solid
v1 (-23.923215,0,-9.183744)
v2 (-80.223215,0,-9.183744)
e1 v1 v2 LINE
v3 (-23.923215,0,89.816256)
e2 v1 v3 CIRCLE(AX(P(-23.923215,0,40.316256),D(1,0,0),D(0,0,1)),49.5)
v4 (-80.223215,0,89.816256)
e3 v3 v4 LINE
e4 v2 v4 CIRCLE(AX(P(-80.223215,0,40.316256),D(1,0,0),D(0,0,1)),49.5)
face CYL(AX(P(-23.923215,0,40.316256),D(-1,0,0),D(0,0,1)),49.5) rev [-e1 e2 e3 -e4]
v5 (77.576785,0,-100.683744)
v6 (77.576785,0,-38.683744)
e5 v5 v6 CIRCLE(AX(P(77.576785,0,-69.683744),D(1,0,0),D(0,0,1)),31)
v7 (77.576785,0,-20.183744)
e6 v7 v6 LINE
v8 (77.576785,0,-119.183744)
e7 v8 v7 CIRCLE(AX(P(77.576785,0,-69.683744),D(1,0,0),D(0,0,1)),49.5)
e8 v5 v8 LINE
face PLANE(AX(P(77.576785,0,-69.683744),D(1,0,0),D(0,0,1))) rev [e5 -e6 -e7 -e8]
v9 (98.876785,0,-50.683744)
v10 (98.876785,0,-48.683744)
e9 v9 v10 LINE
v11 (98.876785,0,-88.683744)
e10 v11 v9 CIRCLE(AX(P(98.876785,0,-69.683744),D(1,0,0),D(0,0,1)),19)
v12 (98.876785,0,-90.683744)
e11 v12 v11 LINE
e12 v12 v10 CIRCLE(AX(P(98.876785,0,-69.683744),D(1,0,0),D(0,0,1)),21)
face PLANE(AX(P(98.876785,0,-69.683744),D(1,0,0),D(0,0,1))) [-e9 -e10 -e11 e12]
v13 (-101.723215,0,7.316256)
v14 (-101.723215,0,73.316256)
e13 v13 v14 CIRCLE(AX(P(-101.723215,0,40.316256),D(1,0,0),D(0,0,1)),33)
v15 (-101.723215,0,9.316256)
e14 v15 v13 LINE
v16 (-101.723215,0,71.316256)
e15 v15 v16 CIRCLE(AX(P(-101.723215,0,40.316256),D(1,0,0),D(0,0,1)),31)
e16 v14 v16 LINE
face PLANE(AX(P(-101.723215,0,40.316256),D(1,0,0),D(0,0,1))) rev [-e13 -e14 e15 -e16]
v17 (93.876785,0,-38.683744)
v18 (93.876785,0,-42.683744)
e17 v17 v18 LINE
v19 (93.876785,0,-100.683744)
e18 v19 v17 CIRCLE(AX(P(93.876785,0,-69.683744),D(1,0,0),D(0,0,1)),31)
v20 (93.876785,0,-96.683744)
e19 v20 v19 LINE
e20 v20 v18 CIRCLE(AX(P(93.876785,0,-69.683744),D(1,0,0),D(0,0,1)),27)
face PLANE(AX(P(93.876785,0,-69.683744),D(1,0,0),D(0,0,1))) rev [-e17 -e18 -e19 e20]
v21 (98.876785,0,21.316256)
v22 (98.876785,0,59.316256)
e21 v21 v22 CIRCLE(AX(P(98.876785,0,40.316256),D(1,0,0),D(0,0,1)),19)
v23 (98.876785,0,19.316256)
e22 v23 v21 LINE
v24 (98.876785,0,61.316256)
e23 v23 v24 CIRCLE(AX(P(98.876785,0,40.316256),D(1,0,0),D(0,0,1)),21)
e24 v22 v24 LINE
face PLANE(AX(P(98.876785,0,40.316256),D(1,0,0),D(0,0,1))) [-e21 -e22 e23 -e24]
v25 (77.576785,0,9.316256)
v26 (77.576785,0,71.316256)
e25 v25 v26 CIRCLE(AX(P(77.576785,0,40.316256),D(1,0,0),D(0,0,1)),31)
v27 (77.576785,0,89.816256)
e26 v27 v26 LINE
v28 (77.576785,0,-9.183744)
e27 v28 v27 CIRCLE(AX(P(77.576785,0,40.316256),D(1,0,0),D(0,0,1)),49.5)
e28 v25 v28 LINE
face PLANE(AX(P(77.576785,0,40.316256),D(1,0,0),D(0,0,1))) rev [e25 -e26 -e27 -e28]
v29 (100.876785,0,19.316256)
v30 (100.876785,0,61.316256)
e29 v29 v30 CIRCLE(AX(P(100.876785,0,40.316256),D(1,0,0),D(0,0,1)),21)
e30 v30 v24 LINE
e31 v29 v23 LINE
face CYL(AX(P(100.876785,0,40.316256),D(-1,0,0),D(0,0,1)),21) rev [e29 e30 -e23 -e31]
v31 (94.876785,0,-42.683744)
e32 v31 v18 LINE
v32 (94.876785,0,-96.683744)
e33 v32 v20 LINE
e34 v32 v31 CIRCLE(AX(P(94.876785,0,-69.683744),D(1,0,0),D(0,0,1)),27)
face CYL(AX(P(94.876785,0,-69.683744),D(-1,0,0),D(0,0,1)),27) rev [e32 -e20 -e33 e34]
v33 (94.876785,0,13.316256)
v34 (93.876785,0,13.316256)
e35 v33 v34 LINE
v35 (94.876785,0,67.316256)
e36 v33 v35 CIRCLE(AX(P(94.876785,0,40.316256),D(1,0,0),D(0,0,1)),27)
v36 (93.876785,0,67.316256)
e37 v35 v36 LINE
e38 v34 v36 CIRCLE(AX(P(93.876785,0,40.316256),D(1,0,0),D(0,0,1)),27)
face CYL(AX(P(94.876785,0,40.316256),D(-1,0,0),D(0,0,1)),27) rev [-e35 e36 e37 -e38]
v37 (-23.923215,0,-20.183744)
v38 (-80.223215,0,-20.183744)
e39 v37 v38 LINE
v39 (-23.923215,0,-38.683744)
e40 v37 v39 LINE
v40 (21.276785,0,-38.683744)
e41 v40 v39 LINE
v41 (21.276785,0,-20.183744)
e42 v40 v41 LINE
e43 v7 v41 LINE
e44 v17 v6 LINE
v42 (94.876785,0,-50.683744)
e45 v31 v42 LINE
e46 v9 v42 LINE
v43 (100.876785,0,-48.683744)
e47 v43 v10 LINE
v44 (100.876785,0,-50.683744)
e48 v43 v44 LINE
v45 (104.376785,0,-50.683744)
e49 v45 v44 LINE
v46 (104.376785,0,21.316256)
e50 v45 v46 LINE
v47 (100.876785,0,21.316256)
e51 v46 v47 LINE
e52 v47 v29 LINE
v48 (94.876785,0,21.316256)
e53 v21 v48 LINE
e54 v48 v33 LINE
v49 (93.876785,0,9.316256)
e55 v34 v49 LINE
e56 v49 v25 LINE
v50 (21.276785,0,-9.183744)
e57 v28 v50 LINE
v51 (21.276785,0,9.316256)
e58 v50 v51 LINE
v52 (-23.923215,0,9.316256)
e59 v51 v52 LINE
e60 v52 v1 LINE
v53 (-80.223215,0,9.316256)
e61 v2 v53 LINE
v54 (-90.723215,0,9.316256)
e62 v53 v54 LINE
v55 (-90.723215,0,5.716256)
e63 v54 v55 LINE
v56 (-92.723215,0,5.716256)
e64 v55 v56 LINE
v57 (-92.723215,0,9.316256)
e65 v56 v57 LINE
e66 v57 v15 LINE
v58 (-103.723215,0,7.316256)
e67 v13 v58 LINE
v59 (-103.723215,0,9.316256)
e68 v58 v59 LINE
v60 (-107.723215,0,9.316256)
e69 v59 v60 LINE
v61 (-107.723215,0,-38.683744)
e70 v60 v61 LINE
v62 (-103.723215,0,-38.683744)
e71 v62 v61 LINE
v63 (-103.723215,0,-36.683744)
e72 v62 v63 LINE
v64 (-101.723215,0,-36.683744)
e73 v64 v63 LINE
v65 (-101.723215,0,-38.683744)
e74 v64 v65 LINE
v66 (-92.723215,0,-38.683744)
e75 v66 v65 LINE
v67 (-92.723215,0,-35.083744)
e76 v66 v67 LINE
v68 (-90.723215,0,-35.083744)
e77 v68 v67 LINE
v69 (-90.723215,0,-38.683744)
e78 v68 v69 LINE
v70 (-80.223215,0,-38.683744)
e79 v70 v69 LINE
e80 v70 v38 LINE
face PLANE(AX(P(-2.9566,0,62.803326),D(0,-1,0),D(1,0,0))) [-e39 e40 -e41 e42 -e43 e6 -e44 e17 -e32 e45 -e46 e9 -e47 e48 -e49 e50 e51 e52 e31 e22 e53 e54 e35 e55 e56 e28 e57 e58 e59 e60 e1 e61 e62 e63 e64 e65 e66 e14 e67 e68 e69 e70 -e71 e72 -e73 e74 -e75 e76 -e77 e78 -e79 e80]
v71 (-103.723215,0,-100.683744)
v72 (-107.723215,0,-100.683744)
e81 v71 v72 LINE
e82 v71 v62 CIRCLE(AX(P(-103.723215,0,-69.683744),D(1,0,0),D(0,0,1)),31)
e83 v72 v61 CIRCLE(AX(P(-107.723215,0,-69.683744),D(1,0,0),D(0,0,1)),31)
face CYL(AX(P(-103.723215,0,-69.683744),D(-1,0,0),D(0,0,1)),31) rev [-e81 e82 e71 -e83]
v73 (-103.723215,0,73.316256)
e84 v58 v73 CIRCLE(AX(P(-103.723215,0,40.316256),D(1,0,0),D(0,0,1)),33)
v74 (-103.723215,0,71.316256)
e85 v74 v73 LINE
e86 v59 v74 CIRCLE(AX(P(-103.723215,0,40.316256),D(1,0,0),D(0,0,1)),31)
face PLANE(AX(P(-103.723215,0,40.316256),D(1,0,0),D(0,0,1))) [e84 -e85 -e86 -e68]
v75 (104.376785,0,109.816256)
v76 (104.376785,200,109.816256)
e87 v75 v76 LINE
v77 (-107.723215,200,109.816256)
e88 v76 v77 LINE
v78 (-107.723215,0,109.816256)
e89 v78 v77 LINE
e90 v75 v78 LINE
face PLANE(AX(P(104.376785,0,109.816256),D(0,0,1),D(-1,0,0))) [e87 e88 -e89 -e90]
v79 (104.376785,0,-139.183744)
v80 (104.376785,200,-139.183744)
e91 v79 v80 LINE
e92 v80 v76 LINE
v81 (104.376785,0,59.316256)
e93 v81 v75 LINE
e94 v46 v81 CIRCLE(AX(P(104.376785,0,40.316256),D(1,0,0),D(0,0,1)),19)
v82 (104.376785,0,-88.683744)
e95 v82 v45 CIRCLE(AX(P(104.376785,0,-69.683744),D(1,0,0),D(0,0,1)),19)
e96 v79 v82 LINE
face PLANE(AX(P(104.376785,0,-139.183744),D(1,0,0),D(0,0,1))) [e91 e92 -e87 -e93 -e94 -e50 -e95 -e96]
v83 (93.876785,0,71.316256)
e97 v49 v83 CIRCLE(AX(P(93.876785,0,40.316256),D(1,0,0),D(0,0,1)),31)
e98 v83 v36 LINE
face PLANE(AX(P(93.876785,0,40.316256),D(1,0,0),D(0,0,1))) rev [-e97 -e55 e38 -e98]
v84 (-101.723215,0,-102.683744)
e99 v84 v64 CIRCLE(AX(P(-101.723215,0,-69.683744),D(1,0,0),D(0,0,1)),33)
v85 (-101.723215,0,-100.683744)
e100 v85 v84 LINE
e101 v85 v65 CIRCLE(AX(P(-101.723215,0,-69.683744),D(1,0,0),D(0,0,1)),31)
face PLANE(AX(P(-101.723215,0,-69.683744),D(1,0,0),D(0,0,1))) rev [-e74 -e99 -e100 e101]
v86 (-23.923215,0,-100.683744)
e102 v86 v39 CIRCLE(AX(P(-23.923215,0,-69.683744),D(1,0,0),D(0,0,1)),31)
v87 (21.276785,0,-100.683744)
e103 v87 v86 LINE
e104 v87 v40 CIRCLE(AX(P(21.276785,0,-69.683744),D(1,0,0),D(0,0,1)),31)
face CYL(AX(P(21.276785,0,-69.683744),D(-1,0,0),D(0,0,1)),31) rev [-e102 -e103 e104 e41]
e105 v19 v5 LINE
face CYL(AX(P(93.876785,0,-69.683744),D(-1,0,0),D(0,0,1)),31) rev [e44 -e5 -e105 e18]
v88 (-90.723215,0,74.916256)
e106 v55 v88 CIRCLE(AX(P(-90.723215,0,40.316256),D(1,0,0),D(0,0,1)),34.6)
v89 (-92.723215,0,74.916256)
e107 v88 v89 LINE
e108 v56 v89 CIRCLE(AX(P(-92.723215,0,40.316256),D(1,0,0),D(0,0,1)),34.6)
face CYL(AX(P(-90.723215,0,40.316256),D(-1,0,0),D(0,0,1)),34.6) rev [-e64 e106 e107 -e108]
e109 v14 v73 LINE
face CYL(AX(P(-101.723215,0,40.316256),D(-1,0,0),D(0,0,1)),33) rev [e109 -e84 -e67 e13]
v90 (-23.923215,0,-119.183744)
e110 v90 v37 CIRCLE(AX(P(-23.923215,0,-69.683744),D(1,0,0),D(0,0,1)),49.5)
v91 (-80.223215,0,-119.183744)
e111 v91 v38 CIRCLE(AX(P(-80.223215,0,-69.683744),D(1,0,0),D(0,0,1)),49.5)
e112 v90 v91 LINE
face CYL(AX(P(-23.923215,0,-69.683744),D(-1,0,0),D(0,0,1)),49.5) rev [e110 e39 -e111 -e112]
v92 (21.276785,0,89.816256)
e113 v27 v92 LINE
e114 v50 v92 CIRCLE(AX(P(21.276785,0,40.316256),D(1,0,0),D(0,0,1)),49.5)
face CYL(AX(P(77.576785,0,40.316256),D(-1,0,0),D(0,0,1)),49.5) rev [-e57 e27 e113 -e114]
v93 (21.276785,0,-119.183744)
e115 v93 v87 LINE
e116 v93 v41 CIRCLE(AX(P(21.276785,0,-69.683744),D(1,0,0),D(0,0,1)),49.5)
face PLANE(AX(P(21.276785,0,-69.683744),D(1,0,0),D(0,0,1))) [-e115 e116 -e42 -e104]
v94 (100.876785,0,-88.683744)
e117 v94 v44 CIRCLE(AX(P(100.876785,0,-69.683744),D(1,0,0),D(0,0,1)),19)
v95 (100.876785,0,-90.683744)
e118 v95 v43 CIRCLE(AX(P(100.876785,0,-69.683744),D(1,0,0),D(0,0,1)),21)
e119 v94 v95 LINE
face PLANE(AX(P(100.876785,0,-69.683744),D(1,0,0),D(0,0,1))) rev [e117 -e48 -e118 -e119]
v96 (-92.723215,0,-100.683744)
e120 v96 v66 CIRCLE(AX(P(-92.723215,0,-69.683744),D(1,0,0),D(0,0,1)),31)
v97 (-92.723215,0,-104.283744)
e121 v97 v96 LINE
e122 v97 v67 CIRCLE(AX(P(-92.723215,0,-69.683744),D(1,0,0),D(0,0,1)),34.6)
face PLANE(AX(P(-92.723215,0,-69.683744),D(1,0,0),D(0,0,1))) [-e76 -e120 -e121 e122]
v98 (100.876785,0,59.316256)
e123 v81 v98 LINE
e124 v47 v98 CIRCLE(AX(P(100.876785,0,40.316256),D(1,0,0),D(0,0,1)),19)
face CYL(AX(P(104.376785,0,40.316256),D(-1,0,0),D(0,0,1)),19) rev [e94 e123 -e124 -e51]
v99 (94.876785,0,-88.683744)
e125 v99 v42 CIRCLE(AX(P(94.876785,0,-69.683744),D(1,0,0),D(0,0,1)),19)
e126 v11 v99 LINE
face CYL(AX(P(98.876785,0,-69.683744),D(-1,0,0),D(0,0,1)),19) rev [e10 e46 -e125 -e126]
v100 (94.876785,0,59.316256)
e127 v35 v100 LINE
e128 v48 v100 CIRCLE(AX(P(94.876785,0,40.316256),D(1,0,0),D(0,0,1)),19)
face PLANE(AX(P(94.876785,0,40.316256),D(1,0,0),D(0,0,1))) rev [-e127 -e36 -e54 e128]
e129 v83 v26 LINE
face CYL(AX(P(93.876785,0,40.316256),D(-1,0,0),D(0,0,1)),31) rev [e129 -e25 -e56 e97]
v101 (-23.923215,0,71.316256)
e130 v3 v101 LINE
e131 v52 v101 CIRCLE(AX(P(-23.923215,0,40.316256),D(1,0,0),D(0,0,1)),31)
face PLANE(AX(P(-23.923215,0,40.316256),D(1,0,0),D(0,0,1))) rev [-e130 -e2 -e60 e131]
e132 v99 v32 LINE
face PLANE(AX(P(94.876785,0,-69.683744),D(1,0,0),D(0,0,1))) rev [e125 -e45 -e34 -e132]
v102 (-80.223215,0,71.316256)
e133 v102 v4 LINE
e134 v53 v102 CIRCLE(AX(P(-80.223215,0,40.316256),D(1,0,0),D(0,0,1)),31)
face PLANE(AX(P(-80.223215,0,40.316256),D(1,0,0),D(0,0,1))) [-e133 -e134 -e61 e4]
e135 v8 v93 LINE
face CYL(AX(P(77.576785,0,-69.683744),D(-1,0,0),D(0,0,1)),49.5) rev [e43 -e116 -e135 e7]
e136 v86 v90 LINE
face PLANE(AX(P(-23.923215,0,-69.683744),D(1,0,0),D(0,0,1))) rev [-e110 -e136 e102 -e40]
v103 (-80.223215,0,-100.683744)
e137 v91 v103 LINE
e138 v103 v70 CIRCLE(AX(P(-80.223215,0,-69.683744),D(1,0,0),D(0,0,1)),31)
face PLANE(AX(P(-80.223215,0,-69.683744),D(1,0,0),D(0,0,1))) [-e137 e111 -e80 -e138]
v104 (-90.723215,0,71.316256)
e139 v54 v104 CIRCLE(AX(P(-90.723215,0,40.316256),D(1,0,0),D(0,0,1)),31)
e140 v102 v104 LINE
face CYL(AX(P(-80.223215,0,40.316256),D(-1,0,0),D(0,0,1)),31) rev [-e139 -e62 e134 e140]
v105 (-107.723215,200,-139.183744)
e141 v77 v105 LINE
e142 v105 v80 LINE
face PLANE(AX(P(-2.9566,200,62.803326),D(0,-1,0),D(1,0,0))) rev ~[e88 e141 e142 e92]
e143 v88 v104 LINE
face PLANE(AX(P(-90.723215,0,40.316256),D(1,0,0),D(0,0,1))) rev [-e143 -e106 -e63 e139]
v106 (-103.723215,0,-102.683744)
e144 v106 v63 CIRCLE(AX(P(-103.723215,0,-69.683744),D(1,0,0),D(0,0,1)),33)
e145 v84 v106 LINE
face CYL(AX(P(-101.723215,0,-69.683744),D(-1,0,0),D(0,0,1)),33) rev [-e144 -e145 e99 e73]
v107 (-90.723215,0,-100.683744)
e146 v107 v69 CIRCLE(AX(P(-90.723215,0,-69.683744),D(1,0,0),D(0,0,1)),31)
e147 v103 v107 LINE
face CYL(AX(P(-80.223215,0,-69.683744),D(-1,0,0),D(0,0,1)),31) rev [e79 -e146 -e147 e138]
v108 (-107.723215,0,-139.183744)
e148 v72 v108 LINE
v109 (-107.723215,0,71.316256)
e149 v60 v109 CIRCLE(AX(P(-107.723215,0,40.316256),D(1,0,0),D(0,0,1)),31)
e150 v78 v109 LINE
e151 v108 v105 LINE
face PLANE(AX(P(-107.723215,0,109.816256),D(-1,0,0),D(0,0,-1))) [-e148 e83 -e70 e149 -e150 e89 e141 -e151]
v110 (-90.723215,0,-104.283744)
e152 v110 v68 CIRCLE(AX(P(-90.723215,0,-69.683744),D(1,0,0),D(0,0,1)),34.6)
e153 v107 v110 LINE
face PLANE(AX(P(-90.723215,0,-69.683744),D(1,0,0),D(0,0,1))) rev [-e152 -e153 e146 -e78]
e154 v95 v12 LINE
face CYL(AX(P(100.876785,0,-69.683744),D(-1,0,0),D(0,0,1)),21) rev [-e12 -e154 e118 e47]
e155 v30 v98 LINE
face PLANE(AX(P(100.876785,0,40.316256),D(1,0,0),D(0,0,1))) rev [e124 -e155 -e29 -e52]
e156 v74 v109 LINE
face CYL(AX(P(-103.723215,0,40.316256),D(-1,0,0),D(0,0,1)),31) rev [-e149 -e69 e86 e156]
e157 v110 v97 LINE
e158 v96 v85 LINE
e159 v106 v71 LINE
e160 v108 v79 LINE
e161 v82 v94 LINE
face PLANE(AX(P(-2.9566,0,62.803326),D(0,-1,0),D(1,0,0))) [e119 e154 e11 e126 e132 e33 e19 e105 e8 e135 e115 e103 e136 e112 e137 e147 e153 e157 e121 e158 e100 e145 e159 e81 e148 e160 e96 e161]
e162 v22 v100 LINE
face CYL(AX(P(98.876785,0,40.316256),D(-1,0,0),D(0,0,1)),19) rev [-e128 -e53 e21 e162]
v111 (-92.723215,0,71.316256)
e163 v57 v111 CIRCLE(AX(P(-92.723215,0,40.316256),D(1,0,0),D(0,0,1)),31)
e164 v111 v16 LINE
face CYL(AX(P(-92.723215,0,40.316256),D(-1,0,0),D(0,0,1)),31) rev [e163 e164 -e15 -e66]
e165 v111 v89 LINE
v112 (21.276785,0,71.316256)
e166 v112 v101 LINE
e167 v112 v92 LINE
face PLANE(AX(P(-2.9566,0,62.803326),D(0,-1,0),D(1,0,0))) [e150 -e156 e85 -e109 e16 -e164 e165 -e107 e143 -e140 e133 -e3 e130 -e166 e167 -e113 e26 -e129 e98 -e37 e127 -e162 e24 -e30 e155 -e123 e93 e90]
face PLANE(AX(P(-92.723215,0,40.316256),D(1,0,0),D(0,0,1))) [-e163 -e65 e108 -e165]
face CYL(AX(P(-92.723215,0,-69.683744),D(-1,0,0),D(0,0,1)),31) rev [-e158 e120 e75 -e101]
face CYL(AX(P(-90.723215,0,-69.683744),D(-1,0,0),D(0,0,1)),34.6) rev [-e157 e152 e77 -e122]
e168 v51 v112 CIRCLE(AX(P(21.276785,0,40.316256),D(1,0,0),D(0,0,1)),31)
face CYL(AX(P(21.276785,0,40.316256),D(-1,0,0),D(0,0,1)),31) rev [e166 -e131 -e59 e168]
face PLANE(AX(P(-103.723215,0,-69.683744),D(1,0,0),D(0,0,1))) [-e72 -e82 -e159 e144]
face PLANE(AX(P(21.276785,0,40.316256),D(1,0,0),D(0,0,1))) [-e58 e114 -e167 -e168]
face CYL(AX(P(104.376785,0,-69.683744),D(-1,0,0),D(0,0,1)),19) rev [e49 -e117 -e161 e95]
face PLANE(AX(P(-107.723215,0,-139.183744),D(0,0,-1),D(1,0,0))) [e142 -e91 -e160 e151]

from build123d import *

# Parameters (mm, degrees)
F1_DEPTH = 200


with BuildPart() as f1:
    # F0 (on Front) → F1 (new body)
    with BuildSketch(Plane.XZ):
        Polygon((-107.723215, 71.316256), (-107.723215, 40.316256), (104.376785, 40.316256), (104.376785, 59.316256), (100.876785, 59.316256), (100.876785, 61.316256), (98.876785, 61.316256), (98.876785, 59.316256), (94.876785, 59.316256), (94.876785, 67.316256), (93.876785, 67.316256), (93.876785, 71.316256), (77.576785, 71.316256), (77.576785, 89.816256), (21.276785, 89.816256), (21.276785, 71.316256), (-23.923215, 71.316256), (-23.923215, 89.816256), (-80.223215, 89.816256), (-80.223215, 71.316256), (-90.723215, 71.316256), (-90.723215, 74.916256), (-92.723215, 74.916256), (-92.723215, 71.316256), (-101.723215, 71.316256), (-101.723215, 73.316256), (-103.723215, 73.316256), (-103.723215, 71.316256), align=None)
        Polygon((-107.723215, 109.816256), (-107.723215, 71.316256), (-103.723215, 71.316256), (-103.723215, 73.316256), (-101.723215, 73.316256), (-101.723215, 71.316256), (-92.723215, 71.316256), (-92.723215, 74.916256), (-90.723215, 74.916256), (-90.723215, 71.316256), (-80.223215, 71.316256), (-80.223215, 89.816256), (-23.923215, 89.816256), (-23.923215, 71.316256), (21.276785, 71.316256), (21.276785, 89.816256), (77.576785, 89.816256), (77.576785, 71.316256), (93.876785, 71.316256), (93.876785, 67.316256), (94.876785, 67.316256), (94.876785, 59.316256), (98.876785, 59.316256), (98.876785, 61.316256), (100.876785, 61.316256), (100.876785, 59.316256), (104.376785, 59.316256), (104.376785, 109.816256), align=None)
        Polygon((-107.723215, 40.316256), (-107.723215, 9.316256), (-103.723215, 9.316256), (-103.723215, 7.316256), (-101.723215, 7.316256), (-101.723215, 9.316256), (-92.723215, 9.316256), (-92.723215, 5.716256), (-90.723215, 5.716256), (-90.723215, 9.316256), (-80.223215, 9.316256), (-80.223215, -9.183744), (-23.923215, -9.183744), (-23.923215, 9.316256), (21.276785, 9.316256), (21.276785, -9.183744), (77.576785, -9.183744), (77.576785, 9.316256), (93.876785, 9.316256), (93.876785, 13.316256), (94.876785, 13.316256), (94.876785, 21.316256), (98.876785, 21.316256), (98.876785, 19.316256), (100.876785, 19.316256), (100.876785, 21.316256), (104.376785, 21.316256), (104.376785, 40.316256), align=None)
        Polygon((-107.723215, 9.316256), (-107.723215, -38.683744), (-103.723215, -38.683744), (-103.723215, -36.683744), (-101.723215, -36.683744), (-101.723215, -38.683744), (-92.723215, -38.683744), (-92.723215, -35.083744), (-90.723215, -35.083744), (-90.723215, -38.683744), (-80.223215, -38.683744), (-80.223215, -20.183744), (-23.923215, -20.183744), (-23.923215, -38.683744), (21.276785, -38.683744), (21.276785, -20.183744), (77.576785, -20.183744), (77.576785, -38.683744), (93.876785, -38.683744), (93.876785, -42.683744), (94.876785, -42.683744), (94.876785, -50.683744), (98.876785, -50.683744), (98.876785, -48.683744), (100.876785, -48.683744), (100.876785, -50.683744), (104.376785, -50.683744), (104.376785, 21.316256), (100.876785, 21.316256), (100.876785, 19.316256), (98.876785, 19.316256), (98.876785, 21.316256), (94.876785, 21.316256), (94.876785, 13.316256), (93.876785, 13.316256), (93.876785, 9.316256), (77.576785, 9.316256), (77.576785, -9.183744), (21.276785, -9.183744), (21.276785, 9.316256), (-23.923215, 9.316256), (-23.923215, -9.183744), (-80.223215, -9.183744), (-80.223215, 9.316256), (-90.723215, 9.316256), (-90.723215, 5.716256), (-92.723215, 5.716256), (-92.723215, 9.316256), (-101.723215, 9.316256), (-101.723215, 7.316256), (-103.723215, 7.316256), (-103.723215, 9.316256), align=None)
        Polygon((-103.723215, -38.683744), (-107.723215, -38.683744), (-107.723215, -69.683744), (104.376785, -69.683744), (104.376785, -50.683744), (100.876785, -50.683744), (100.876785, -48.683744), (98.876785, -48.683744), (98.876785, -50.683744), (94.876785, -50.683744), (94.876785, -42.683744), (93.876785, -42.683744), (93.876785, -38.683744), (77.576785, -38.683744), (77.576785, -20.183744), (21.276785, -20.183744), (21.276785, -38.683744), (-23.923215, -38.683744), (-23.923215, -20.183744), (-80.223215, -20.183744), (-80.223215, -38.683744), (-90.723215, -38.683744), (-90.723215, -35.083744), (-92.723215, -35.083744), (-92.723215, -38.683744), (-101.723215, -38.683744), (-101.723215, -36.683744), (-103.723215, -36.683744), align=None)
        Polygon((104.376785, -69.683744), (-107.723215, -69.683744), (-107.723215, -100.683744), (-103.723215, -100.683744), (-103.723215, -102.683744), (-101.723215, -102.683744), (-101.723215, -100.683744), (-92.723215, -100.683744), (-92.723215, -104.283744), (-90.723215, -104.283744), (-90.723215, -100.683744), (-80.223215, -100.683744), (-80.223215, -119.183744), (-23.923215, -119.183744), (-23.923215, -100.683744), (21.276785, -100.683744), (21.276785, -119.183744), (77.576785, -119.183744), (77.576785, -100.683744), (93.876785, -100.683744), (93.876785, -96.683744), (94.876785, -96.683744), (94.876785, -88.683744), (98.876785, -88.683744), (98.876785, -90.683744), (100.876785, -90.683744), (100.876785, -88.683744), (104.376785, -88.683744), align=None)
        Polygon((-103.723215, -100.683744), (-107.723215, -100.683744), (-107.723215, -139.183744), (104.376785, -139.183744), (104.376785, -88.683744), (100.876785, -88.683744), (100.876785, -90.683744), (98.876785, -90.683744), (98.876785, -88.683744), (94.876785, -88.683744), (94.876785, -96.683744), (93.876785, -96.683744), (93.876785, -100.683744), (77.576785, -100.683744), (77.576785, -119.183744), (21.276785, -119.183744), (21.276785, -100.683744), (-23.923215, -100.683744), (-23.923215, -119.183744), (-80.223215, -119.183744), (-80.223215, -100.683744), (-90.723215, -100.683744), (-90.723215, -104.283744), (-92.723215, -104.283744), (-92.723215, -100.683744), (-101.723215, -100.683744), (-101.723215, -102.683744), (-103.723215, -102.683744), align=None)
    extrude(amount=-F1_DEPTH)

    # F0 (on Front) → F2 (revolve, cut)
    with BuildSketch(Plane.XZ):
        Polygon((-107.723215, 71.316256), (-107.723215, 40.316256), (104.376785, 40.316256), (104.376785, 59.316256), (100.876785, 59.316256), (100.876785, 61.316256), (98.876785, 61.316256), (98.876785, 59.316256), (94.876785, 59.316256), (94.876785, 67.316256), (93.876785, 67.316256), (93.876785, 71.316256), (77.576785, 71.316256), (77.576785, 89.816256), (21.276785, 89.816256), (21.276785, 71.316256), (-23.923215, 71.316256), (-23.923215, 89.816256), (-80.223215, 89.816256), (-80.223215, 71.316256), (-90.723215, 71.316256), (-90.723215, 74.916256), (-92.723215, 74.916256), (-92.723215, 71.316256), (-101.723215, 71.316256), (-101.723215, 73.316256), (-103.723215, 73.316256), (-103.723215, 71.316256), align=None)
    revolve(axis=Axis((-1.673215, 0, 40.316256), (1, 0, 0)), mode=Mode.SUBTRACT)

    # F0 (on Front) → F3 (revolve, cut)
    with BuildSketch(Plane.XZ):
        Polygon((-103.723215, -38.683744), (-107.723215, -38.683744), (-107.723215, -69.683744), (104.376785, -69.683744), (104.376785, -50.683744), (100.876785, -50.683744), (100.876785, -48.683744), (98.876785, -48.683744), (98.876785, -50.683744), (94.876785, -50.683744), (94.876785, -42.683744), (93.876785, -42.683744), (93.876785, -38.683744), (77.576785, -38.683744), (77.576785, -20.183744), (21.276785, -20.183744), (21.276785, -38.683744), (-23.923215, -38.683744), (-23.923215, -20.183744), (-80.223215, -20.183744), (-80.223215, -38.683744), (-90.723215, -38.683744), (-90.723215, -35.083744), (-92.723215, -35.083744), (-92.723215, -38.683744), (-101.723215, -38.683744), (-101.723215, -36.683744), (-103.723215, -36.683744), align=None)
    revolve(axis=Axis((-1.673215, 0, -69.683744), (1, 0, 0)), mode=Mode.SUBTRACT)


solid = f1.part
